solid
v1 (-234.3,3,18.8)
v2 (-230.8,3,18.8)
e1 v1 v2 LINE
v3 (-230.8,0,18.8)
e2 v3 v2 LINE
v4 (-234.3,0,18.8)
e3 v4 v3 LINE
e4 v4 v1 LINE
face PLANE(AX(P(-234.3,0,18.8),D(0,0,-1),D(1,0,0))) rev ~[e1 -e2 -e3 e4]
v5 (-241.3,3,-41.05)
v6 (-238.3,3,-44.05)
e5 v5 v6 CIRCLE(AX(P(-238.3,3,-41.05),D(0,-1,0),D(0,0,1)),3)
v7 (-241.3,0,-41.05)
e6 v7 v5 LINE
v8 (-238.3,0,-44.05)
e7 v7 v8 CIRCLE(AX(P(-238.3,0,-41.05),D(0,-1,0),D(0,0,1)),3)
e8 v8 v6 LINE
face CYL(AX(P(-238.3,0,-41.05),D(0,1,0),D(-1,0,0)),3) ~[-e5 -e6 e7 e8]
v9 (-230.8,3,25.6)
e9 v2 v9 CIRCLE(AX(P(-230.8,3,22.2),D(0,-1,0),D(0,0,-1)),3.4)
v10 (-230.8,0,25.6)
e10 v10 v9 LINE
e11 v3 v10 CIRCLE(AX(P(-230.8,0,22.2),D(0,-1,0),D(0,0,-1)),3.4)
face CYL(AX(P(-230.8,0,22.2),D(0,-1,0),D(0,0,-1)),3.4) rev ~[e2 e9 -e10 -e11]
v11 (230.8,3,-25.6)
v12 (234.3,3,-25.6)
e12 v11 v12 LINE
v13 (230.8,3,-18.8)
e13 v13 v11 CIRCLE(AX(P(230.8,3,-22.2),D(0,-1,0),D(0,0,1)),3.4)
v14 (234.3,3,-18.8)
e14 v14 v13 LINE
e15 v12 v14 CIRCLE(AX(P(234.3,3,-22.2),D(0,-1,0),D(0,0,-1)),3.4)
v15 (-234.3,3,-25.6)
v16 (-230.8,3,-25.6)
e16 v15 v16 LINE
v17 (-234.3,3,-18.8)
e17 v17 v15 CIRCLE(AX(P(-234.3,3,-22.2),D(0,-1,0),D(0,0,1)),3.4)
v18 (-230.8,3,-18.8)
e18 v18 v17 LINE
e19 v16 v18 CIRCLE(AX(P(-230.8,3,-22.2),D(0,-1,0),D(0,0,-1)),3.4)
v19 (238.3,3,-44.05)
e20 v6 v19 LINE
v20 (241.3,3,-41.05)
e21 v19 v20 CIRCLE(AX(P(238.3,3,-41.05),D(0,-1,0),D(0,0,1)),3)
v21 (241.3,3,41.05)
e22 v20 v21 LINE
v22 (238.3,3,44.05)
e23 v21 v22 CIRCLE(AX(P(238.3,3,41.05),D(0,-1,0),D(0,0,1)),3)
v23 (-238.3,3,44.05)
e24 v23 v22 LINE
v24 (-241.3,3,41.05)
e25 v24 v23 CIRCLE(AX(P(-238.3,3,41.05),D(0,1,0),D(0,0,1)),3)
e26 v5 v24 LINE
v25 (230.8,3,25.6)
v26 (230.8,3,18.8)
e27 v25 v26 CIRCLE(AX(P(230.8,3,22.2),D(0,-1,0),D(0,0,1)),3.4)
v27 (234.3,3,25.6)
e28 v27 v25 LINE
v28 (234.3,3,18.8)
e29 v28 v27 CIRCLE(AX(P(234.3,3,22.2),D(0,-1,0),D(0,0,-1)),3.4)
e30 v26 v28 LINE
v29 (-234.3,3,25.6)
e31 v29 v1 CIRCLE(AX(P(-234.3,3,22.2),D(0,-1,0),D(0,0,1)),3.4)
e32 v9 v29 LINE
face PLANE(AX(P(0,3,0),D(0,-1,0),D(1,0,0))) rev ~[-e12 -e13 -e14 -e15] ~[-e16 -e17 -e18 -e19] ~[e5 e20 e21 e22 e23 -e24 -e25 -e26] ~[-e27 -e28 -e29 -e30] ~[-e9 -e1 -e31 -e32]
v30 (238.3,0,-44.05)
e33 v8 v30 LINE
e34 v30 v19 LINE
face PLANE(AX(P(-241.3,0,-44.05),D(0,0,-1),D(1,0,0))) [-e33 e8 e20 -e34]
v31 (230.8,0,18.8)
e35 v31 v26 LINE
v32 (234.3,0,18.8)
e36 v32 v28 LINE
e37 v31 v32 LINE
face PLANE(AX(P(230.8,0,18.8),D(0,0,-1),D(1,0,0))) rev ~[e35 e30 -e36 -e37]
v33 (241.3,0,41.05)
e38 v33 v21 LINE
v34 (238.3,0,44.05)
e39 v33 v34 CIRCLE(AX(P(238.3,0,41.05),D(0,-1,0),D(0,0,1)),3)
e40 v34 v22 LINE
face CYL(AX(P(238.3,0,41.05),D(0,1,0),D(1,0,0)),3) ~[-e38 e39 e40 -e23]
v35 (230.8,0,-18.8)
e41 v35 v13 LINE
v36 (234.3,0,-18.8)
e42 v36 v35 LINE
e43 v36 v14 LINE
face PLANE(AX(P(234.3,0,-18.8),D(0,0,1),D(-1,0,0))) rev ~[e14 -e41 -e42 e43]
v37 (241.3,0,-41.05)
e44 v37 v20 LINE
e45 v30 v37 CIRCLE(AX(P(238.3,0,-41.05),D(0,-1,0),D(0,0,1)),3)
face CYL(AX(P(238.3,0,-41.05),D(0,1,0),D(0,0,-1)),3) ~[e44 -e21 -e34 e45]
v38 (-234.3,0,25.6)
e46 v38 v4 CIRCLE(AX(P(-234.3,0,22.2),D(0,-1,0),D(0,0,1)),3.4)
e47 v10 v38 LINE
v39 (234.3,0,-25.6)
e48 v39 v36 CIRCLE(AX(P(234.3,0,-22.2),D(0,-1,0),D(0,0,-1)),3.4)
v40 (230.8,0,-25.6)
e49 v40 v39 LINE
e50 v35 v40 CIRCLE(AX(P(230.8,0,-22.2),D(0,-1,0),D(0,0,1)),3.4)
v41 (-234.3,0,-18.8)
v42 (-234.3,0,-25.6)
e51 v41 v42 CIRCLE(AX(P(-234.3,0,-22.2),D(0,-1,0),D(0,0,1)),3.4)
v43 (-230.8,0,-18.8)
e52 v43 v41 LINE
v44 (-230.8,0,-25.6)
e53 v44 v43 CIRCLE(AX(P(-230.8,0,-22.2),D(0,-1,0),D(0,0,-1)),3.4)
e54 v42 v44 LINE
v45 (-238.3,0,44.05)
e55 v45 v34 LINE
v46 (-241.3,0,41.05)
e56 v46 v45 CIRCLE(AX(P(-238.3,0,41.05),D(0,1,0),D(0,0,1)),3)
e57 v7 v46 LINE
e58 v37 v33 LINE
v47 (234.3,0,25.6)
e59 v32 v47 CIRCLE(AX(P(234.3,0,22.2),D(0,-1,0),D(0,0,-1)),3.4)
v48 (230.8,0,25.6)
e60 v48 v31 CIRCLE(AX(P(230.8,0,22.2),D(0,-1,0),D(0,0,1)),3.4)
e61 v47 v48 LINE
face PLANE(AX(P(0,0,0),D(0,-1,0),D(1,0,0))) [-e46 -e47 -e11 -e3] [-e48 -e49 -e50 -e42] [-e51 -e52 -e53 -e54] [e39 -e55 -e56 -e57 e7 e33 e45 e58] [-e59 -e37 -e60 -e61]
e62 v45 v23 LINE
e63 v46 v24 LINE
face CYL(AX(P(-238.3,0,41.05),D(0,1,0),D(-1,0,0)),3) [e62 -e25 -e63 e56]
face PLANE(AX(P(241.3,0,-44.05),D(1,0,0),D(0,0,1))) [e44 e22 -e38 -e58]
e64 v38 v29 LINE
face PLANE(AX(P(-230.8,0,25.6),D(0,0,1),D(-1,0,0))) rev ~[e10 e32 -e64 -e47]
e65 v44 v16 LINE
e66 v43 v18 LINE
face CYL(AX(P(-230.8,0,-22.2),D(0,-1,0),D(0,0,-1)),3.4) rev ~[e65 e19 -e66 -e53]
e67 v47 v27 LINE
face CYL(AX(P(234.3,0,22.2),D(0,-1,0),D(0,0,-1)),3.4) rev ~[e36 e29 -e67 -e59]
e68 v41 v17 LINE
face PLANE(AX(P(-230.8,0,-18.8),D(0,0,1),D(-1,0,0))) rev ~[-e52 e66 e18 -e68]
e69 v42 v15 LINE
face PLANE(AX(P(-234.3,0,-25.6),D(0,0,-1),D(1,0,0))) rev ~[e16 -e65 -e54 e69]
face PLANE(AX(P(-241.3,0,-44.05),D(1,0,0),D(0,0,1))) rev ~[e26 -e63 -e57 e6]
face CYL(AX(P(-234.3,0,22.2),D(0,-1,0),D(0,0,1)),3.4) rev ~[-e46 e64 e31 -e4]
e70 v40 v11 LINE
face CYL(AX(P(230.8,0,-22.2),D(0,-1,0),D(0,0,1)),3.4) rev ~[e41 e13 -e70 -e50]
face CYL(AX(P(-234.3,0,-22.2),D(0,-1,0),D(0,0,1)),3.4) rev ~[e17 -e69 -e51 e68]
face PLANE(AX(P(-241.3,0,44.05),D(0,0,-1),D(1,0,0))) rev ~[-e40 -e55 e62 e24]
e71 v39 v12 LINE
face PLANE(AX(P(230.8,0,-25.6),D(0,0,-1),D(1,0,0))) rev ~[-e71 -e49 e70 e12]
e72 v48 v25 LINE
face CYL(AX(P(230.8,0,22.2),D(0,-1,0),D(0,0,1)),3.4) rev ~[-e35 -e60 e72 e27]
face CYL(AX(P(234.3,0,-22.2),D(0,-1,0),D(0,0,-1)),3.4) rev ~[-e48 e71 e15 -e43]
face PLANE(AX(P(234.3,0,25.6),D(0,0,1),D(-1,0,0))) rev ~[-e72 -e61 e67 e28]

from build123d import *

# Parameters (mm, degrees)
F0_W     = 482.6
F0_H     = 88.1
F1_DEPTH = 3
F2_R     = 3
F4_DEPTH = 3


with BuildPart() as f1:
    # F0 (on Front) → F1 (new body)
    with BuildSketch(Plane.XZ):
        Rectangle(F0_W, F0_H)
    extrude(amount=-F1_DEPTH)

    # F2
    f2_edges = [f1.edges().sort_by_distance(p)[0] for p in [
        (-241.3, 1.5, 44.05),
        (241.3, 1.5, 44.05),
        (241.3, 1.5, -44.05),
        (-241.3, 1.5, -44.05),
    ]]
    fillet(f2_edges, radius=F2_R)

    # F3 (on Front) → F4 (cut, through all)
    with BuildSketch(Plane.XZ):
        with BuildLine():
            Line((-234.3, 18.8), (-230.8, 18.8))
            ThreePointArc((-230.8, 18.8), (-227.4, 22.2), (-230.8, 25.6))
            Line((-230.8, 25.6), (-234.3, 25.6))
            ThreePointArc((-234.3, 25.6), (-237.7, 22.2), (-234.3, 18.8))
        make_face()
        with BuildLine():
            ThreePointArc((230.8, 25.6), (227.4, 22.2), (230.8, 18.8))
            Line((230.8, 18.8), (234.3, 18.8))
            ThreePointArc((234.3, 18.8), (237.7, 22.2), (234.3, 25.6))
            Line((234.3, 25.6), (230.8, 25.6))
        make_face()
        with BuildLine():
            Line((230.8, -25.6), (234.3, -25.6))
            ThreePointArc((234.3, -25.6), (237.7, -22.2), (234.3, -18.8))
            Line((234.3, -18.8), (230.8, -18.8))
            ThreePointArc((230.8, -18.8), (227.4, -22.2), (230.8, -25.6))
        make_face()
        with BuildLine():
            ThreePointArc((-230.8, -25.6), (-227.4, -22.2), (-230.8, -18.8))
            Line((-230.8, -18.8), (-234.3, -18.8))
            ThreePointArc((-234.3, -18.8), (-237.7, -22.2), (-234.3, -25.6))
            Line((-234.3, -25.6), (-230.8, -25.6))
        make_face()
    extrude(amount=-F4_DEPTH, mode=Mode.SUBTRACT)


solid = f1.part
